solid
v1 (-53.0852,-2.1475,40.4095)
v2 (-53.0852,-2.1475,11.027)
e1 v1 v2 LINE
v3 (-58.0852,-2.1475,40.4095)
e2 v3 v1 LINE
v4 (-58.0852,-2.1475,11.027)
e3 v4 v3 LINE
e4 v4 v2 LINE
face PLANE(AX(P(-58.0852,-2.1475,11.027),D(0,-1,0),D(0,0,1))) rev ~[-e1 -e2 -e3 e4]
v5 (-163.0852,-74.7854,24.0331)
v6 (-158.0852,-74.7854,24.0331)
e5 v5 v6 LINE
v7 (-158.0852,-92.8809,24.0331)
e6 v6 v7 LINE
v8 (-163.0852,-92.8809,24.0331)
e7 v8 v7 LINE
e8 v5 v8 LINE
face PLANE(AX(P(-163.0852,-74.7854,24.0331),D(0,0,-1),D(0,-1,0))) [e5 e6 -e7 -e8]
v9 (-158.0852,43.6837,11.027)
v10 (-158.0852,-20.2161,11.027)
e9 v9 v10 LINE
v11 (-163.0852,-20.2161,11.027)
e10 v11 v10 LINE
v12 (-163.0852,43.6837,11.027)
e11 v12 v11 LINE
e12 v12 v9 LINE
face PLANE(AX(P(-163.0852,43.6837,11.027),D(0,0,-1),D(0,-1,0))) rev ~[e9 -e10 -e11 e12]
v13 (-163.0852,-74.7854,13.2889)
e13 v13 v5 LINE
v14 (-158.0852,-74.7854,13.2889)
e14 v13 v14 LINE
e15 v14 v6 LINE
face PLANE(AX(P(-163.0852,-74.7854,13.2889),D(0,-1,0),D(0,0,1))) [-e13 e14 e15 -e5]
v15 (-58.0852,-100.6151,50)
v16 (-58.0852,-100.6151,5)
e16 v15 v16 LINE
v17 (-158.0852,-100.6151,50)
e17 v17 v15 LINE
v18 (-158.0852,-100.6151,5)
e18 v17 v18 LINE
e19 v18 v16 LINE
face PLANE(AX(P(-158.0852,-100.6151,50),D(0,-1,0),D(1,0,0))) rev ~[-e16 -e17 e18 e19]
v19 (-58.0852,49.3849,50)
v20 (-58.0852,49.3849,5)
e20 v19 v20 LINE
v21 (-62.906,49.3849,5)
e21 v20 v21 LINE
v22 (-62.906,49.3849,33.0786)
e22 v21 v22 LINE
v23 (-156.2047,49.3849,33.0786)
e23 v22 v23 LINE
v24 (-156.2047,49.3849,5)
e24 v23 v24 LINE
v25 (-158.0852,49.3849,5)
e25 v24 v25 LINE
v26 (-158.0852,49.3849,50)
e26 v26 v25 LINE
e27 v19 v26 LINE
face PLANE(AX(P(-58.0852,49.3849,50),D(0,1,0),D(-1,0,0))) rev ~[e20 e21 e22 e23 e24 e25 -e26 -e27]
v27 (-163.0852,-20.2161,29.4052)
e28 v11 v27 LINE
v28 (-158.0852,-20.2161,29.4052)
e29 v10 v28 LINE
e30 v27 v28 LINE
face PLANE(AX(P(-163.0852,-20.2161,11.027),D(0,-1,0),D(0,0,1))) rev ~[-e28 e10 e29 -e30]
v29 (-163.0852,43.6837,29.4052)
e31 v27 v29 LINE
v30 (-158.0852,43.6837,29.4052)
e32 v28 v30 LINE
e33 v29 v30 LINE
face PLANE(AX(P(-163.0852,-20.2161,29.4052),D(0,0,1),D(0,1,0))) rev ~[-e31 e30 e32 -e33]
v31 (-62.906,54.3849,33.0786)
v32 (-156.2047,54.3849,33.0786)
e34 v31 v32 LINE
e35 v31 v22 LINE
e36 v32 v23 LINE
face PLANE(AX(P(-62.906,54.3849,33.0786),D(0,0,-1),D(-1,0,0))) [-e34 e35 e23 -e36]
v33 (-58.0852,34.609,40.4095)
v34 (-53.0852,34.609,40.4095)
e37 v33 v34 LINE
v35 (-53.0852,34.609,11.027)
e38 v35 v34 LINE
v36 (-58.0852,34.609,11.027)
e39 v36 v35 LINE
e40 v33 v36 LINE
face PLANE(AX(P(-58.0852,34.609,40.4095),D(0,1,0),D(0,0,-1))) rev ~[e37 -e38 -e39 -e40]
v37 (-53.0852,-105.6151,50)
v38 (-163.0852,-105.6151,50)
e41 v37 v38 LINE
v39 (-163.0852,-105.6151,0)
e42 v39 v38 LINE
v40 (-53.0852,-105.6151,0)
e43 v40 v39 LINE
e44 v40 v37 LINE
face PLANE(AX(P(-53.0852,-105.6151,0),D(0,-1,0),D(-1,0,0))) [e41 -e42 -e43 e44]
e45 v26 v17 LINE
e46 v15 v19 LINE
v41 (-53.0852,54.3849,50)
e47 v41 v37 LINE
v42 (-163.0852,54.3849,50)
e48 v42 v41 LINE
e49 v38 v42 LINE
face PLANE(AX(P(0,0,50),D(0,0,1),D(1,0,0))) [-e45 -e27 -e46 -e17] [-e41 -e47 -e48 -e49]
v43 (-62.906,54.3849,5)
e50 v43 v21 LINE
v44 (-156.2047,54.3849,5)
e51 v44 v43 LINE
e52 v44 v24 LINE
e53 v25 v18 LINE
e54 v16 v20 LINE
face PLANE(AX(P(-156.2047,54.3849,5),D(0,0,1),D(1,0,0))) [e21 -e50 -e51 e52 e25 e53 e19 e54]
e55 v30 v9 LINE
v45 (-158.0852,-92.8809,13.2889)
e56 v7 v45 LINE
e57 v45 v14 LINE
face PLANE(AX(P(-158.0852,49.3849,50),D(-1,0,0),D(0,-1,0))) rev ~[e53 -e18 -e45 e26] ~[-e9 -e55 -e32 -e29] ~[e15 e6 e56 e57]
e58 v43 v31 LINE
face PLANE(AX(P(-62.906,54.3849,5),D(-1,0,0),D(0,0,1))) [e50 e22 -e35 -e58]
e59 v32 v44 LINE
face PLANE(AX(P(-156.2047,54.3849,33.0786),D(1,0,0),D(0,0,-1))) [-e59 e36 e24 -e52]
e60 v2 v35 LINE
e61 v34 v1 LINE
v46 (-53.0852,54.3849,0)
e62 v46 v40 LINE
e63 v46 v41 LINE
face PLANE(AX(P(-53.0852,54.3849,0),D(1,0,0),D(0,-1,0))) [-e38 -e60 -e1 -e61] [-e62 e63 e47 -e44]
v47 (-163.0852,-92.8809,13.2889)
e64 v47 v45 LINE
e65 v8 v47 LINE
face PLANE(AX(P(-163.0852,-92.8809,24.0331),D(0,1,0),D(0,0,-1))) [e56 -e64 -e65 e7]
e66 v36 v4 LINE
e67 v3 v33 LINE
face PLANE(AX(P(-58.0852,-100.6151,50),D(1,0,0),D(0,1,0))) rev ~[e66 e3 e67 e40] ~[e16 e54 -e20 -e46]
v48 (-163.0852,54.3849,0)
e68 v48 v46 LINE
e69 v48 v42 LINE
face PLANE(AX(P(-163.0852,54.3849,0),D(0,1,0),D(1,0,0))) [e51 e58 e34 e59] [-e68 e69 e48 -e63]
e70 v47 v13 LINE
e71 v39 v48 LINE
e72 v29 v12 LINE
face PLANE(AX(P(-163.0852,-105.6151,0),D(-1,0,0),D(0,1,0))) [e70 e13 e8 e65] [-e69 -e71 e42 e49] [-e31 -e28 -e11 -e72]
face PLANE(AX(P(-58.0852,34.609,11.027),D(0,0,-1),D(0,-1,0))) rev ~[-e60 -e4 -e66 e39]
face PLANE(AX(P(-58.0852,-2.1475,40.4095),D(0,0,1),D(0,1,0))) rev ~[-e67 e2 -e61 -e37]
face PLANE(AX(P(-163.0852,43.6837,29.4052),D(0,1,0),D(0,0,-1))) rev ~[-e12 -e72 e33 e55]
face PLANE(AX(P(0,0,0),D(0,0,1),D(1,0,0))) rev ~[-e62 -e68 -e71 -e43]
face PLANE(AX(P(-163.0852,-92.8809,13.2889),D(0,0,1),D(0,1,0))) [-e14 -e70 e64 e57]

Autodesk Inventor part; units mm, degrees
ref_plane "YZ Plane" through (0, 0, 0) normal (1, 0, 0) x (0, 1, 0)
ref_plane "XZ Plane" through (0, 0, 0) normal (0, 1, 0) x (-1, 0, 0)
ref_plane "XY Plane" through (0, 0, 0) normal (0, 0, 1) x (1, 0, 0)
sketch "Sketch3" plane through (0, 0, 0) normal (0, 0, 1) x (1, 0, 0)
  line L0 (-163.0852, 54.3849) -> (-53.0852, 54.3849)
  line L1 (-53.0852, 54.3849) -> (-53.0852, -105.6151)
  line L2 (-53.0852, -105.6151) -> (-163.0852, -105.6151)
  line L3 (-163.0852, -105.6151) -> (-163.0852, 54.3849)
  point P0 (0, 0)
  dimension "d2" = 110
  dimension "d3" = 160
  dimension "d4" = 110
extrude "Extrusion1" add sketch "Sketch3" along normal blind 50
sketch "Sketch4" plane through (0, 0, 50) normal (0, 0, 1) x (1, 0, 0)
  point P0 (0, 0)
sketch "Sketch5" plane through (0, 0, 50) normal (0, 0, 1) x (1, 0, 0)
  line L0 (-163.0852, 54.3849) -> (-163.0852, -105.6151) projected
  line L1 (-163.0852, 54.3849) -> (-163.0852, 49.3849)
  line L2 (-163.0852, 49.3849) -> (-158.0852, 49.3849)
  line L3 (-158.0852, 49.3849) -> (-158.0852, -100.6151)
  line L4 (-158.0852, -100.6151) -> (-58.0852, -100.6151)
  line L5 (-58.0852, -100.6151) -> (-58.0852, 49.3849)
  line L6 (-58.0852, 49.3849) -> (-158.0852, 49.3849)
  point P0 (0, 0)
  dimension "d7" = 5
  dimension "d8" = 5
  dimension "d9" = 150
  dimension "d10" = 100
extrude "Extrusion2" cut sketch "Sketch5" against normal blind 45
sketch "Sketch6" plane through (-163.0852, 54.3849, 0) normal (0, 1, 0) x (1, 0, 0)
  line L0 (5, -5) -> (105, -5) projected
  line L1 (100.1792, -33.0786) -> (6.8805, -33.0786)
  line L2 (6.8805, -33.0786) -> (6.8805, -5)
  line L3 (6.8805, -5) -> (100.1792, -5)
  line L4 (100.1792, -5) -> (100.1792, -33.0786)
  point P0 (163.0852, 0)
extrude "Extrusion3" cut sketch "Sketch6" against normal blind 45
sketch "Sketch7" plane through (-163.0852, -105.6151, 0) normal (-1, 0, 0) x (0, 0, 1)
  line L0 (29.4052, 149.2988) -> (11.027, 149.2988)
  line L1 (11.027, 149.2988) -> (11.027, 85.399)
  line L2 (11.027, 85.399) -> (29.4052, 85.399)
  line L3 (29.4052, 85.399) -> (29.4052, 149.2988)
  line L4 (24.0331, 12.7342) -> (13.2889, 12.7342)
  line L5 (13.2889, 12.7342) -> (13.2889, 30.8297)
  line L6 (13.2889, 30.8297) -> (24.0331, 30.8297)
  line L7 (24.0331, 30.8297) -> (24.0331, 12.7342)
  point P0 (0, 105.6151)
extrude "Extrusion4" cut sketch "Sketch7" against normal blind 45 contours L3 L2 L1 L0
extrude "Extrusion5" cut sketch "Sketch7" against normal blind 45 contours L4 L5 L6 L7
sketch "Sketch8" plane through (-58.0852, -100.6151, 50) normal (-1, 0, 0) x (0, 0, 1)
  line L0 (-38.973, 144.2988) -> (-38.973, 80.399) projected
  line L1 (-9.5905, 135.2241) -> (-38.973, 135.2241)
  line L2 (-38.973, 135.2241) -> (-38.973, 98.4676)
  line L3 (-38.973, 98.4676) -> (-9.5905, 98.4676)
  line L4 (-9.5905, 98.4676) -> (-9.5905, 135.2241)
  point P0 (-50, 100.6151)
extrude "Extrusion6" cut sketch "Sketch8" against normal blind 45
properties material "Rubber"
